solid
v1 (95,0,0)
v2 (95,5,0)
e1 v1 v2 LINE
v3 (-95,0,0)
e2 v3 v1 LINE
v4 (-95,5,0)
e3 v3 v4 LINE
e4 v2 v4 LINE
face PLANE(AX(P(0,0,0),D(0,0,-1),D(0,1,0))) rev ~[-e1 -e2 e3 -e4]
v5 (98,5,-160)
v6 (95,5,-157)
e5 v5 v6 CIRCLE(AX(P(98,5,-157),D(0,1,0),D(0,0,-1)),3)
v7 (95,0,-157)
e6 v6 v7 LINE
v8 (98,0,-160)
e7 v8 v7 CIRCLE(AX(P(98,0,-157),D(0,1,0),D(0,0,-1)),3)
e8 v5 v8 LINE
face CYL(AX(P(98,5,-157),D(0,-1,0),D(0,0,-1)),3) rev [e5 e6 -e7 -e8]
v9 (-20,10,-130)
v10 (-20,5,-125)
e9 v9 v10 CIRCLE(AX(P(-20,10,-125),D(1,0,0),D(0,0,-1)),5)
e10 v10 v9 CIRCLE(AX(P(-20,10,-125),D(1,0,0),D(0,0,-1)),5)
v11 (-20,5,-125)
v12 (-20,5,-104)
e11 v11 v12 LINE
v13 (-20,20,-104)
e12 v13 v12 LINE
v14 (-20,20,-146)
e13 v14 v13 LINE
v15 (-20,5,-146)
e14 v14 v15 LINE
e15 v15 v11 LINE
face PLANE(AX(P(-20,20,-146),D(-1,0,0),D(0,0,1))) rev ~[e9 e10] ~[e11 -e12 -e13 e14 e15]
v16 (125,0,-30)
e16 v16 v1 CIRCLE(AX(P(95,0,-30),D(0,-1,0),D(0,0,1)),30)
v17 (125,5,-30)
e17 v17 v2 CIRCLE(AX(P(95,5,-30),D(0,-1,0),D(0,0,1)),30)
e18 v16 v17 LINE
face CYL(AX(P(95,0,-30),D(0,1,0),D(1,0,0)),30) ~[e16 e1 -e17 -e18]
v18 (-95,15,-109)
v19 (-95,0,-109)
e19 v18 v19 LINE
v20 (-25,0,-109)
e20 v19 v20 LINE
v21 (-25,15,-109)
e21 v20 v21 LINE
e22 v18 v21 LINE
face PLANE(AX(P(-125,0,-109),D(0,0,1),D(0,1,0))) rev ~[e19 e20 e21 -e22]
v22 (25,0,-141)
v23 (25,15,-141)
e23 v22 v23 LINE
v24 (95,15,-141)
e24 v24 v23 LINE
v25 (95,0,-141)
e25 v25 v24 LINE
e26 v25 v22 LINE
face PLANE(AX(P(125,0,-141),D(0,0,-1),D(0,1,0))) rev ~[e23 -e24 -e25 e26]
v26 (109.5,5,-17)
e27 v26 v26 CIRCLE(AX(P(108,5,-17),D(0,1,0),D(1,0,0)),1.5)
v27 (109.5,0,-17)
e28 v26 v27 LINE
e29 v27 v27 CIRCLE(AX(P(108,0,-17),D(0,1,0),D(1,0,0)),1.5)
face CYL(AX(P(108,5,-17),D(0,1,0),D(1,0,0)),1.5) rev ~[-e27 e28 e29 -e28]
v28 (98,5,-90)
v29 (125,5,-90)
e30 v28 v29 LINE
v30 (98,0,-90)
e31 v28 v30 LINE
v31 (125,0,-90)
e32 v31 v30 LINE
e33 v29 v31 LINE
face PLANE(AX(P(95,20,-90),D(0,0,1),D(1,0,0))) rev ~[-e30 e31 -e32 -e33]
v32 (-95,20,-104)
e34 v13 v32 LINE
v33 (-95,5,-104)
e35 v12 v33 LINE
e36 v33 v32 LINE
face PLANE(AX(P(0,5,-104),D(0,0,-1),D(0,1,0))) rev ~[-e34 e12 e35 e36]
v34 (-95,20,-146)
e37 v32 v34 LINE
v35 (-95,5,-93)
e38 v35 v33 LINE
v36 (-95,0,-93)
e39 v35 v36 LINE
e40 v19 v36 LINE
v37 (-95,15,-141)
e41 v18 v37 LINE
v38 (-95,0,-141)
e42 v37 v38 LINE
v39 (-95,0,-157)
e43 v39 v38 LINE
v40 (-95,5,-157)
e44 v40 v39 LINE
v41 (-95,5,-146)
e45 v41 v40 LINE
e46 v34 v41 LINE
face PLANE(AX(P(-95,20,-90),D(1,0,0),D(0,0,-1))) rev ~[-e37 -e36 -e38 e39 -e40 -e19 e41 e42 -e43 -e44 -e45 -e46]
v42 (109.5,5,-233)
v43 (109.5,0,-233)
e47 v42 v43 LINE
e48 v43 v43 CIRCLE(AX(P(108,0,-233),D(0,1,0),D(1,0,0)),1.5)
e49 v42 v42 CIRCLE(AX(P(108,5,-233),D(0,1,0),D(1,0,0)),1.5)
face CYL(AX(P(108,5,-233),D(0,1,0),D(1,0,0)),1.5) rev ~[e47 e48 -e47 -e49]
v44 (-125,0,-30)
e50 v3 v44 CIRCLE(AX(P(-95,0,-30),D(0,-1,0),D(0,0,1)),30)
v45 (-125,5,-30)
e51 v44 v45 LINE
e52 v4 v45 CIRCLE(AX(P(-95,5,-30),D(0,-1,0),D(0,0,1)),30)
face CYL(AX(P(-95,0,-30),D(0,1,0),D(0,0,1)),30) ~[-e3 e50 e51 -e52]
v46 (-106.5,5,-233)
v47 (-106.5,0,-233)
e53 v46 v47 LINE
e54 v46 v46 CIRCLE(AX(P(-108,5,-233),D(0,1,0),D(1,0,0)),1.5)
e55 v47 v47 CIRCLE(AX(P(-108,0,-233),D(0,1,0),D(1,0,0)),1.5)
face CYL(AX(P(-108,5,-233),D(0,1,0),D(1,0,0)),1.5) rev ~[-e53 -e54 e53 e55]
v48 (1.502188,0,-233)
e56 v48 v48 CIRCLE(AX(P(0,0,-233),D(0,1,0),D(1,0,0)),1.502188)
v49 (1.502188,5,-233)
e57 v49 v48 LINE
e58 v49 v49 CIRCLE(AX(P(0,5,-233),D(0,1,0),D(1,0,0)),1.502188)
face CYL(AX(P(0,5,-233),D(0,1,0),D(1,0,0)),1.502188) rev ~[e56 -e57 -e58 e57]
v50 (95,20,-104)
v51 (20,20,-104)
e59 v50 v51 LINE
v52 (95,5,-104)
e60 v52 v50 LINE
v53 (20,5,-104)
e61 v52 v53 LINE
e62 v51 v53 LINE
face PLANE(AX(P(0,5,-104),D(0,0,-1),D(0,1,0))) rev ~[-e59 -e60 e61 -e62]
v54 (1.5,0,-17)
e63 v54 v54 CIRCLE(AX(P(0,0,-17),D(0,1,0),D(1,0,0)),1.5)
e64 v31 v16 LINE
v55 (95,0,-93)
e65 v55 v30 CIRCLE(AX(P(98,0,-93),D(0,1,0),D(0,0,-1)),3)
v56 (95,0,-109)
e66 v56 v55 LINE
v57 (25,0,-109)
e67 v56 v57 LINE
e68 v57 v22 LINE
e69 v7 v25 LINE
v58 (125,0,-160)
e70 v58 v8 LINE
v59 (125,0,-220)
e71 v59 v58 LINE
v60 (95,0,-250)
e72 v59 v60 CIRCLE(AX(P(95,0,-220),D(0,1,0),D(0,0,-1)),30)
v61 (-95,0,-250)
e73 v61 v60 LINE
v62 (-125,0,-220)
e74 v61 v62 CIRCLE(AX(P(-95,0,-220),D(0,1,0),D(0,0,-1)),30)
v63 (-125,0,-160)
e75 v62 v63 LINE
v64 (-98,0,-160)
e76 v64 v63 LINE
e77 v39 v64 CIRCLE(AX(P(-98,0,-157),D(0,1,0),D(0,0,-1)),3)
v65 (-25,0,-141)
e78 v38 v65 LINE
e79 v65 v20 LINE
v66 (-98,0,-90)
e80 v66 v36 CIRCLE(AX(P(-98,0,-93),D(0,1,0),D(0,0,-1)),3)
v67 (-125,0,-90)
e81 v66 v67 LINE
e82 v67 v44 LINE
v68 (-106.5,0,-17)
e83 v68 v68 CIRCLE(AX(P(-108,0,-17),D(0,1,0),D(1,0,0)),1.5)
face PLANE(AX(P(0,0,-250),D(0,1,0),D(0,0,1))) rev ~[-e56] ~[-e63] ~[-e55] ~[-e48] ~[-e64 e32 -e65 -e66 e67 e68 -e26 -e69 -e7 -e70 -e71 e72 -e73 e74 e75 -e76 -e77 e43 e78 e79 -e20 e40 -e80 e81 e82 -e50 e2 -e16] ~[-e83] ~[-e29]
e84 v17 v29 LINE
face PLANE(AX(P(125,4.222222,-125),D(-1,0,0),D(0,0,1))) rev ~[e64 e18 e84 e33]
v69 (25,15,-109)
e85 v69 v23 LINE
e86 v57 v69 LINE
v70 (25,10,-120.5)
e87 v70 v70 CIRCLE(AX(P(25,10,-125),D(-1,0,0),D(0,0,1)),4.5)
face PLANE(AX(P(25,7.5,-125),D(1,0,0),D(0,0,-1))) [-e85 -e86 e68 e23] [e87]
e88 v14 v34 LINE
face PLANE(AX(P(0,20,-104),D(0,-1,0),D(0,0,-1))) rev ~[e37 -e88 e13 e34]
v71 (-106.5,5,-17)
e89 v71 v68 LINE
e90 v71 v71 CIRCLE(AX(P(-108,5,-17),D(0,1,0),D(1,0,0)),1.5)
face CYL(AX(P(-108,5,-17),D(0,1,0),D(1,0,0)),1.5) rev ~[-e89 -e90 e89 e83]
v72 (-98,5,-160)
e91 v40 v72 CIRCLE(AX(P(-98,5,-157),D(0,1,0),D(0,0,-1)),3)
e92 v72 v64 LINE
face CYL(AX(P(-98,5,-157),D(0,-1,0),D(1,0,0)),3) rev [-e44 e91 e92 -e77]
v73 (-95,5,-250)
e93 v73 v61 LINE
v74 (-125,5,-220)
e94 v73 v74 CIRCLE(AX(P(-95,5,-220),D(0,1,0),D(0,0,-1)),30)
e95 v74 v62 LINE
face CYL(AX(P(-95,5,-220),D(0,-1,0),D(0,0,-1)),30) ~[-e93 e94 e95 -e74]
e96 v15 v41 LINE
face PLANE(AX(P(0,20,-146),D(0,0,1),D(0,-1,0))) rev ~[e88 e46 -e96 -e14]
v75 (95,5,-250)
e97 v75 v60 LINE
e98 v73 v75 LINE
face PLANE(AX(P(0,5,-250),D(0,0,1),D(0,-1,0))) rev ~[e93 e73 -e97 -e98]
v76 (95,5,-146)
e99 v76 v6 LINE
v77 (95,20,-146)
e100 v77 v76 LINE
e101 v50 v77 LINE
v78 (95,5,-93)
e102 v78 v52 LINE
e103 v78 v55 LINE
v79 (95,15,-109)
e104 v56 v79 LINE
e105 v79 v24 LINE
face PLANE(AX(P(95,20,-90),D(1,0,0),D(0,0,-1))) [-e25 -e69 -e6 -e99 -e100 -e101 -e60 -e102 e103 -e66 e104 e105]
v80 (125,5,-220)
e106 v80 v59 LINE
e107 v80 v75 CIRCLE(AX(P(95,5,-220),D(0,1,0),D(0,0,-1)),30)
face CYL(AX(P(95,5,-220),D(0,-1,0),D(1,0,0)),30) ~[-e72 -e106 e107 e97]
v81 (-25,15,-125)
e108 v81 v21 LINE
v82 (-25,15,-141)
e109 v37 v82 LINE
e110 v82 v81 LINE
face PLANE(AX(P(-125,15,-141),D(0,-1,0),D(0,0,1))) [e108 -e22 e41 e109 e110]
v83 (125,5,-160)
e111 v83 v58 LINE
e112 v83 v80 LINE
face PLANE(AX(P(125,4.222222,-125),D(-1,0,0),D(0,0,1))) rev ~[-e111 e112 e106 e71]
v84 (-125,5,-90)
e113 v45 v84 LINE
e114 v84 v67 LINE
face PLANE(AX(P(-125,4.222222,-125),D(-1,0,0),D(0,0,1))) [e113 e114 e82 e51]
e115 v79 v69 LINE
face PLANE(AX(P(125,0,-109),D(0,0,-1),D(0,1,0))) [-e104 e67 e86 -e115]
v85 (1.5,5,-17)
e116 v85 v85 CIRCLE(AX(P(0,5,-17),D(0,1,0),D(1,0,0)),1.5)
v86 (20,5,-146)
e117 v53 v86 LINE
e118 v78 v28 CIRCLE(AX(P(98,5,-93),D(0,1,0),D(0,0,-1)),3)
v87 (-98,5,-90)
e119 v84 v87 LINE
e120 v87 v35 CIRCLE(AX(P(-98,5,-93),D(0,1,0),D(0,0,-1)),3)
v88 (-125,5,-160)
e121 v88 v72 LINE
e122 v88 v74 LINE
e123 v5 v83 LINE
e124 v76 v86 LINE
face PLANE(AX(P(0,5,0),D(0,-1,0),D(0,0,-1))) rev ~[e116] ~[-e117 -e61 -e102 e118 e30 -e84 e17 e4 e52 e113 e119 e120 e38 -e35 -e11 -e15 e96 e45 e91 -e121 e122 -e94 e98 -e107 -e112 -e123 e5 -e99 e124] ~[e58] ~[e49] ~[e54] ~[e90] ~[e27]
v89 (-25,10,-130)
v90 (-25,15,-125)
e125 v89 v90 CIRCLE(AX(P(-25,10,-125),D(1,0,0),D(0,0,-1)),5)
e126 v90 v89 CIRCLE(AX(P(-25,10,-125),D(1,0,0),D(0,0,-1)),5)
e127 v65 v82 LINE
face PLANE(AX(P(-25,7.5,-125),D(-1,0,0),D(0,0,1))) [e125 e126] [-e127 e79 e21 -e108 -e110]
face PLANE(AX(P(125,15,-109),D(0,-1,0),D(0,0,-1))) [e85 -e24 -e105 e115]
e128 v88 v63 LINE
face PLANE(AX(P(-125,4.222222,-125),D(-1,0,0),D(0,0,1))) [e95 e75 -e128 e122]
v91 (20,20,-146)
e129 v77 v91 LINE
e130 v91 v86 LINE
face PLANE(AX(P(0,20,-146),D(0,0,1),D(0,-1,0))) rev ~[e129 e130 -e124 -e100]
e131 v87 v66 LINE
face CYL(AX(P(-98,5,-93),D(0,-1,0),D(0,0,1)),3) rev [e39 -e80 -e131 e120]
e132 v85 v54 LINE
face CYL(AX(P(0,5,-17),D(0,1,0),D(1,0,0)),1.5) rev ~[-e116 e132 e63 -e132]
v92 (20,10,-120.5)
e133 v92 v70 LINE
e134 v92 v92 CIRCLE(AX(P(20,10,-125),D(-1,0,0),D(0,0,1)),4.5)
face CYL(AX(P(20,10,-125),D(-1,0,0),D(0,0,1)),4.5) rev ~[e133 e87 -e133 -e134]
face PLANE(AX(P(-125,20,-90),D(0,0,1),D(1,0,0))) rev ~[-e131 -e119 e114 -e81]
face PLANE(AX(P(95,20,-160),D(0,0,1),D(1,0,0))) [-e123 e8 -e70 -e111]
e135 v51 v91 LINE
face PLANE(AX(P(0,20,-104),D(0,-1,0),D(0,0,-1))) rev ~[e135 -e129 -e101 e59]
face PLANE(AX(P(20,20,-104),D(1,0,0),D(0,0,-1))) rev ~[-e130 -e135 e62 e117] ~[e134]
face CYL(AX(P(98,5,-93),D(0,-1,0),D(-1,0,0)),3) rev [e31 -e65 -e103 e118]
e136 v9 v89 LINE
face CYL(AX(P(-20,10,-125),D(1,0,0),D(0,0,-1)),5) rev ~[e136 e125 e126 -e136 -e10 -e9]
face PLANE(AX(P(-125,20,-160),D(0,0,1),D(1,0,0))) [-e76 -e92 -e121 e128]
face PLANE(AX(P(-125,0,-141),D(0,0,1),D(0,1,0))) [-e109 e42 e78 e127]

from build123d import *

# Parameters (mm, degrees)
BOSS_EXTRUDE1_DEPTH = 125
SKETCH4_W           = 32
SKETCH4_H           = 15
CUT_EXTRUDE1_DEPTH  = 100
SKETCH5_W           = 32
SKETCH5_H           = 15
CUT_EXTRUDE2_DEPTH  = 100
CUT_EXTRUDE3_REACH  = 22
SKETCH6_W           = 30
SKETCH6_H           = 70
CUT_EXTRUDE4_DEPTH  = 15
SKETCH8_R           = 4.5
CUT_EXTRUDE5_DEPTH  = 15
SKETCH9_R           = 5
CUT_EXTRUDE6_DEPTH  = 15
FILLET1_R           = 3
FILLET2_R           = 30
CUT_EXTRUDE7_REACH  = 7
SKETCH11_R          = 1.5
SKETCH11_R_2        = 1.502187573


with BuildPart() as part:
    # Sketch3 → Boss-Extrude1 (new body, symmetric)
    with BuildSketch(Plane(origin=(0, 0, 0), x_dir=(0, 0, -1), z_dir=(1, 0, 0))):
        Polygon((0, 0), (0, 5), (104, 5), (104, 20), (146, 20), (146, 5), (250, 5), (250, 0), align=None)
    extrude(amount=BOSS_EXTRUDE1_DEPTH, both=True)

    # Sketch4 → Cut-Extrude1 (cut)
    with BuildSketch(Plane(origin=(125, 0, 0), x_dir=(0, 0, -1), z_dir=(1, 0, 0))):
        with Locations((125, 7.5)):
            Rectangle(SKETCH4_W, SKETCH4_H)
    extrude(amount=-CUT_EXTRUDE1_DEPTH, mode=Mode.SUBTRACT)

    # Sketch5 → Cut-Extrude2 (cut)
    with BuildSketch(Plane.ZY.offset(125)):
        with Locations((-125, 7.5)):
            Rectangle(SKETCH5_W, SKETCH5_H)
    extrude(amount=-CUT_EXTRUDE2_DEPTH, mode=Mode.SUBTRACT)

    # Sketch6 → Cut-Extrude3 (cut, up to next)
    with BuildSketch(Plane(origin=(0, 20, 0), x_dir=(1, 0, 0), z_dir=(0, 1, 0)), mode=Mode.PRIVATE) as cut_extrude3_sk1:
        with Locations((-110, 125)):
            Rectangle(SKETCH6_W, SKETCH6_H)
    cut_extrude3_tool1 = extrude(cut_extrude3_sk1.sketch, amount=-CUT_EXTRUDE3_REACH, mode=Mode.PRIVATE) & part.part
    add(cut_extrude3_tool1.solids().sort_by_distance((-110, 20, -125))[0], mode=Mode.SUBTRACT)
    # Sketch6 → Cut-Extrude3 (cut, up to next)
    with BuildSketch(Plane(origin=(0, 20, 0), x_dir=(1, 0, 0), z_dir=(0, 1, 0)), mode=Mode.PRIVATE) as cut_extrude3_sk2:
        with Locations((110, 125)):
            Rectangle(SKETCH6_W, SKETCH6_H)
    cut_extrude3_tool2 = extrude(cut_extrude3_sk2.sketch, amount=-CUT_EXTRUDE3_REACH, mode=Mode.PRIVATE) & part.part
    add(cut_extrude3_tool2.solids().sort_by_distance((110, 20, -125))[0], mode=Mode.SUBTRACT)

    # Sketch7 → Cut-Extrude4 (cut)
    with BuildSketch(Plane(origin=(0, 20, 0), x_dir=(1, 0, 0), z_dir=(0, 1, 0))):
        Polygon((0, 146), (-20, 146), (-20, 104), (0, 104), (20, 104), (20, 146), align=None)
    extrude(amount=-CUT_EXTRUDE4_DEPTH, mode=Mode.SUBTRACT)

    # Sketch8 → Cut-Extrude5 (cut)
    with BuildSketch(Plane.ZY.offset(-20)):
        with Locations((-125, 10)):
            Circle(SKETCH8_R)
    extrude(amount=-CUT_EXTRUDE5_DEPTH, mode=Mode.SUBTRACT)

    # Sketch9 → Cut-Extrude6 (cut)
    with BuildSketch(Plane(origin=(-20, 0, 0), x_dir=(0, 0, -1), z_dir=(1, 0, 0))):
        with Locations((125, 10)):
            Circle(SKETCH9_R)
    extrude(amount=-CUT_EXTRUDE6_DEPTH, mode=Mode.SUBTRACT)

    # Fillet1
    fillet1_edges = [part.edges().sort_by_distance(p)[0] for p in [
        (-95, 2.5, -90),
        (-95, 2.5, -160),
        (95, 2.5, -160),
        (95, 2.5, -90),
    ]]
    fillet(fillet1_edges, radius=FILLET1_R)

    # Fillet2
    fillet2_edges = [part.edges().sort_by_distance(p)[0] for p in [
        (-125, 2.5, -250),
        (125, 2.5, 0),
        (-125, 2.5, 0),
        (125, 2.5, -250),
    ]]
    fillet(fillet2_edges, radius=FILLET2_R)

    # Sketch11 → Cut-Extrude7 (cut, up to next)
    with BuildSketch(Plane(origin=(0, 5, 0), x_dir=(1, 0, 0), z_dir=(0, 1, 0)), mode=Mode.PRIVATE) as cut_extrude7_sk1:
        with Locations((-108, 233)):
            Circle(SKETCH11_R)
    cut_extrude7_tool1 = extrude(cut_extrude7_sk1.sketch, amount=-CUT_EXTRUDE7_REACH, mode=Mode.PRIVATE) & part.part
    add(cut_extrude7_tool1.solids().sort_by_distance((-108, 5, -233))[0], mode=Mode.SUBTRACT)
    # Sketch11 → Cut-Extrude7 (cut, up to next)
    with BuildSketch(Plane(origin=(0, 5, 0), x_dir=(1, 0, 0), z_dir=(0, 1, 0)), mode=Mode.PRIVATE) as cut_extrude7_sk2:
        with Locations((108, 233)):
            Circle(SKETCH11_R)
    cut_extrude7_tool2 = extrude(cut_extrude7_sk2.sketch, amount=-CUT_EXTRUDE7_REACH, mode=Mode.PRIVATE) & part.part
    add(cut_extrude7_tool2.solids().sort_by_distance((108, 5, -233))[0], mode=Mode.SUBTRACT)
    # Sketch11 → Cut-Extrude7 (cut, up to next)
    with BuildSketch(Plane(origin=(0, 5, 0), x_dir=(1, 0, 0), z_dir=(0, 1, 0)), mode=Mode.PRIVATE) as cut_extrude7_sk3:
        with Locations((108, 17)):
            Circle(SKETCH11_R)
    cut_extrude7_tool3 = extrude(cut_extrude7_sk3.sketch, amount=-CUT_EXTRUDE7_REACH, mode=Mode.PRIVATE) & part.part
    add(cut_extrude7_tool3.solids().sort_by_distance((108, 5, -17))[0], mode=Mode.SUBTRACT)
    # Sketch11 → Cut-Extrude7 (cut, up to next)
    with BuildSketch(Plane(origin=(0, 5, 0), x_dir=(1, 0, 0), z_dir=(0, 1, 0)), mode=Mode.PRIVATE) as cut_extrude7_sk4:
        with Locations((-108, 17)):
            Circle(SKETCH11_R)
    cut_extrude7_tool4 = extrude(cut_extrude7_sk4.sketch, amount=-CUT_EXTRUDE7_REACH, mode=Mode.PRIVATE) & part.part
    add(cut_extrude7_tool4.solids().sort_by_distance((-108, 5, -17))[0], mode=Mode.SUBTRACT)
    # Sketch11 → Cut-Extrude7 (cut, up to next)
    with BuildSketch(Plane(origin=(0, 5, 0), x_dir=(1, 0, 0), z_dir=(0, 1, 0)), mode=Mode.PRIVATE) as cut_extrude7_sk5:
        with Locations((0, 17)):
            Circle(SKETCH11_R)
    cut_extrude7_tool5 = extrude(cut_extrude7_sk5.sketch, amount=-CUT_EXTRUDE7_REACH, mode=Mode.PRIVATE) & part.part
    add(cut_extrude7_tool5.solids().sort_by_distance((0, 5, -17))[0], mode=Mode.SUBTRACT)
    # Sketch11 → Cut-Extrude7 (cut, up to next)
    with BuildSketch(Plane(origin=(0, 5, 0), x_dir=(1, 0, 0), z_dir=(0, 1, 0)), mode=Mode.PRIVATE) as cut_extrude7_sk6:
        with Locations((0, 233)):
            Circle(SKETCH11_R_2)
    cut_extrude7_tool6 = extrude(cut_extrude7_sk6.sketch, amount=-CUT_EXTRUDE7_REACH, mode=Mode.PRIVATE) & part.part
    add(cut_extrude7_tool6.solids().sort_by_distance((0, 5, -233))[0], mode=Mode.SUBTRACT)


solid = part.part
